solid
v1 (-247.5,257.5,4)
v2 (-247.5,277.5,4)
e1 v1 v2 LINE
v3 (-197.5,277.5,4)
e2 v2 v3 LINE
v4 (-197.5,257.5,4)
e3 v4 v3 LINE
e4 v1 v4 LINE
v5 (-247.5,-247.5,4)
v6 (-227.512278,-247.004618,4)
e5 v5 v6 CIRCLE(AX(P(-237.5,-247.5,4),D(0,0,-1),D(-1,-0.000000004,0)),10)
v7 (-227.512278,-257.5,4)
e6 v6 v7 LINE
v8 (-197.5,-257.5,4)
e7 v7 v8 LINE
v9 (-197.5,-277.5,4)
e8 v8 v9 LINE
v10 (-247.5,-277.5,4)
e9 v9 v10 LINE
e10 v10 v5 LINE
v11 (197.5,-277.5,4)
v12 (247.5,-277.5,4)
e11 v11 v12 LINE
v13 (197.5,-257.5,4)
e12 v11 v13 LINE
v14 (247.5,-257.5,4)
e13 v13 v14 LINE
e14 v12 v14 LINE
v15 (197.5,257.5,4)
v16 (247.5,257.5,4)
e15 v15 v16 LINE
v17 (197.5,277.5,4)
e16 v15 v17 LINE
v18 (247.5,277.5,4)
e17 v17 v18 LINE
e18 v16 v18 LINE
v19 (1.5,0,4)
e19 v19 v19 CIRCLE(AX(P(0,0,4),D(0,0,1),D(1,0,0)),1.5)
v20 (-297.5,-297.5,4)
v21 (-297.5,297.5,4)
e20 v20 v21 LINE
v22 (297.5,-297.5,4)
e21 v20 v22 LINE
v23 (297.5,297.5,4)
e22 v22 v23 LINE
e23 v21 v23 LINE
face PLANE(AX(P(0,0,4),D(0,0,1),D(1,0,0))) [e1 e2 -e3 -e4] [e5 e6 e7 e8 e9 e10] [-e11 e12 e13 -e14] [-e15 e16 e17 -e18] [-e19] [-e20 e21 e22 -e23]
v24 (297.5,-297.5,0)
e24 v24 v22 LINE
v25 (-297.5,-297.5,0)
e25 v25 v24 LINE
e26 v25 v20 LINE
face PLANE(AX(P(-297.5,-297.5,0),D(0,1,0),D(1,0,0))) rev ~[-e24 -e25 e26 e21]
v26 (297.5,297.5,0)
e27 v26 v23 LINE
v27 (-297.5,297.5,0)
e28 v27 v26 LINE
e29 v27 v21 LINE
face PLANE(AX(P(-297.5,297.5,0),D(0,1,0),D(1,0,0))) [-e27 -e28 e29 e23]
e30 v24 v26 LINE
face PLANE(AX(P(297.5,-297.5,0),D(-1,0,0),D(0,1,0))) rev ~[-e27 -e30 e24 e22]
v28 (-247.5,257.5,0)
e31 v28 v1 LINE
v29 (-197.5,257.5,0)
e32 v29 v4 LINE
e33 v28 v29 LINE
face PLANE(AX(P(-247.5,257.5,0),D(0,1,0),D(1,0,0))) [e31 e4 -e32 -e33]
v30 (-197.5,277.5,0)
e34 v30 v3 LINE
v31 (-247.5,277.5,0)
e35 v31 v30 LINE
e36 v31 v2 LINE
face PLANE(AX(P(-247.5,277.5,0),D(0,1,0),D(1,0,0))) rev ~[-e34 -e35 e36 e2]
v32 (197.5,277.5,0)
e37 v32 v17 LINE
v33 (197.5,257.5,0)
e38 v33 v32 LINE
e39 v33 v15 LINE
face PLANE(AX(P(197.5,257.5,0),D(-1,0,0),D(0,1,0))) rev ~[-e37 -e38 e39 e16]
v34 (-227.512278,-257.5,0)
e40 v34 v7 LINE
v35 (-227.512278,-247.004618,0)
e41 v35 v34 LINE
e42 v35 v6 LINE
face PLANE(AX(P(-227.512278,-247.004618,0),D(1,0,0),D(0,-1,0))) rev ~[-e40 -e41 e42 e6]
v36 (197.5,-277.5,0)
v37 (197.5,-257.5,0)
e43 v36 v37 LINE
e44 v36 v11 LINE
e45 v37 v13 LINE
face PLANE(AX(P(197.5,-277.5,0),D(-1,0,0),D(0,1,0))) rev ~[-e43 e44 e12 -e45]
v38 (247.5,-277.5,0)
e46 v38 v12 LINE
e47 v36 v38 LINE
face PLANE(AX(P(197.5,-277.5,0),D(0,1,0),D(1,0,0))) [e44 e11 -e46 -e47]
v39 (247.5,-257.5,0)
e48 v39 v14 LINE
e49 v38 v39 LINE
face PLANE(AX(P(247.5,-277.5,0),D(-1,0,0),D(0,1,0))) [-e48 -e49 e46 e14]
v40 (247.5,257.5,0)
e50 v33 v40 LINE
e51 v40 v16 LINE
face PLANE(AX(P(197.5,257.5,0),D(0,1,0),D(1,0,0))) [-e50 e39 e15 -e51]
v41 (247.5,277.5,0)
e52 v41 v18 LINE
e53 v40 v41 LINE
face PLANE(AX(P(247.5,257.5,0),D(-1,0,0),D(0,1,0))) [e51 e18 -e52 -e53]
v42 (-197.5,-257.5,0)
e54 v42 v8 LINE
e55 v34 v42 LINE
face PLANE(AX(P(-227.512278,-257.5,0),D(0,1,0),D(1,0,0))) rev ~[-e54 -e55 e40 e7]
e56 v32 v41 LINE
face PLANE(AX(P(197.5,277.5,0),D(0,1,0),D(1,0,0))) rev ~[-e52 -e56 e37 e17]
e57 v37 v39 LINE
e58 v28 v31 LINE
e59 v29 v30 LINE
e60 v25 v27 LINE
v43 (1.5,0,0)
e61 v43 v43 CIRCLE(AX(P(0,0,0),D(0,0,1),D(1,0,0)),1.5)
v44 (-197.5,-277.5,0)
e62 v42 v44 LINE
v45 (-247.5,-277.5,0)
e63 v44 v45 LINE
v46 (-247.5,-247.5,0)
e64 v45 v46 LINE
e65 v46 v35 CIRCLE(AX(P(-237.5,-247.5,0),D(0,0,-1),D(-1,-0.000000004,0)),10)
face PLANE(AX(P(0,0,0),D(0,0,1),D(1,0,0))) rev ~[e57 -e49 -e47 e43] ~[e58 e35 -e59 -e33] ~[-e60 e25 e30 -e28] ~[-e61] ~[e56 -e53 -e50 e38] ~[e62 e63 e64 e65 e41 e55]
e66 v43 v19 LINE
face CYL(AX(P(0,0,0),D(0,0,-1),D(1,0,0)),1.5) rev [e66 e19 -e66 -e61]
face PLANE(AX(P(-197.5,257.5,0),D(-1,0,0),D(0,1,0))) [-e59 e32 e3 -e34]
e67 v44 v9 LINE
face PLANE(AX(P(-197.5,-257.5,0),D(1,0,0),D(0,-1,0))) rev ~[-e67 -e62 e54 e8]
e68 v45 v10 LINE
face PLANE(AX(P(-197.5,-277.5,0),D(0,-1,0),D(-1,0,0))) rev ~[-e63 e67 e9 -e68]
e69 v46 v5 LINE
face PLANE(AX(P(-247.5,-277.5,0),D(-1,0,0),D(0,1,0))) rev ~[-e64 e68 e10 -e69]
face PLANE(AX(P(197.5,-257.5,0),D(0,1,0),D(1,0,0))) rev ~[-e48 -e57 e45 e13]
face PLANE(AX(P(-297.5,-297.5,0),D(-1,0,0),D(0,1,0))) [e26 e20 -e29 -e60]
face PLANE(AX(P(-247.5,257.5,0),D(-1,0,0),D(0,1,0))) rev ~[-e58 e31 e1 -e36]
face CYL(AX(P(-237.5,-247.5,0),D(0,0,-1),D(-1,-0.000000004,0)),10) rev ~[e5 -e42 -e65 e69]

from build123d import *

# Parameters (mm, degrees)
F0_W     = 595
F0_H     = 595
F0_W_2   = 50
F0_H_2   = 20
F0_R     = 1.5
F1_DEPTH = 4


with BuildPart() as f1:
    # F0 (on Top) → F1 (new body)
    with BuildSketch(Plane.XY):
        Rectangle(F0_W, F0_H)
        with BuildLine():
            Line((-197.5, -277.5), (-247.5, -277.5))
            Line((-247.5, -277.5), (-247.5, -257.5))
            Line((-247.5, -257.5), (-247.5, -247.5))
            ThreePointArc((-247.5, -247.5), (-237.747767, -237.50307), (-227.512278, -247.004618))
            Line((-227.512278, -247.004618), (-227.512278, -257.5))
            Line((-227.512278, -257.5), (-197.5, -257.5))
            Line((-197.5, -257.5), (-197.5, -277.5))
        make_face(mode=Mode.SUBTRACT)
        with Locations((222.5, -267.5)):
            Rectangle(F0_W_2, F0_H_2, mode=Mode.SUBTRACT)
        with Locations((-222.5, 267.5)):
            Rectangle(F0_W_2, F0_H_2, mode=Mode.SUBTRACT)
        Circle(F0_R, mode=Mode.SUBTRACT)
        with Locations((222.5, 267.5)):
            Rectangle(F0_W_2, F0_H_2, mode=Mode.SUBTRACT)
    extrude(amount=F1_DEPTH)


solid = f1.part
